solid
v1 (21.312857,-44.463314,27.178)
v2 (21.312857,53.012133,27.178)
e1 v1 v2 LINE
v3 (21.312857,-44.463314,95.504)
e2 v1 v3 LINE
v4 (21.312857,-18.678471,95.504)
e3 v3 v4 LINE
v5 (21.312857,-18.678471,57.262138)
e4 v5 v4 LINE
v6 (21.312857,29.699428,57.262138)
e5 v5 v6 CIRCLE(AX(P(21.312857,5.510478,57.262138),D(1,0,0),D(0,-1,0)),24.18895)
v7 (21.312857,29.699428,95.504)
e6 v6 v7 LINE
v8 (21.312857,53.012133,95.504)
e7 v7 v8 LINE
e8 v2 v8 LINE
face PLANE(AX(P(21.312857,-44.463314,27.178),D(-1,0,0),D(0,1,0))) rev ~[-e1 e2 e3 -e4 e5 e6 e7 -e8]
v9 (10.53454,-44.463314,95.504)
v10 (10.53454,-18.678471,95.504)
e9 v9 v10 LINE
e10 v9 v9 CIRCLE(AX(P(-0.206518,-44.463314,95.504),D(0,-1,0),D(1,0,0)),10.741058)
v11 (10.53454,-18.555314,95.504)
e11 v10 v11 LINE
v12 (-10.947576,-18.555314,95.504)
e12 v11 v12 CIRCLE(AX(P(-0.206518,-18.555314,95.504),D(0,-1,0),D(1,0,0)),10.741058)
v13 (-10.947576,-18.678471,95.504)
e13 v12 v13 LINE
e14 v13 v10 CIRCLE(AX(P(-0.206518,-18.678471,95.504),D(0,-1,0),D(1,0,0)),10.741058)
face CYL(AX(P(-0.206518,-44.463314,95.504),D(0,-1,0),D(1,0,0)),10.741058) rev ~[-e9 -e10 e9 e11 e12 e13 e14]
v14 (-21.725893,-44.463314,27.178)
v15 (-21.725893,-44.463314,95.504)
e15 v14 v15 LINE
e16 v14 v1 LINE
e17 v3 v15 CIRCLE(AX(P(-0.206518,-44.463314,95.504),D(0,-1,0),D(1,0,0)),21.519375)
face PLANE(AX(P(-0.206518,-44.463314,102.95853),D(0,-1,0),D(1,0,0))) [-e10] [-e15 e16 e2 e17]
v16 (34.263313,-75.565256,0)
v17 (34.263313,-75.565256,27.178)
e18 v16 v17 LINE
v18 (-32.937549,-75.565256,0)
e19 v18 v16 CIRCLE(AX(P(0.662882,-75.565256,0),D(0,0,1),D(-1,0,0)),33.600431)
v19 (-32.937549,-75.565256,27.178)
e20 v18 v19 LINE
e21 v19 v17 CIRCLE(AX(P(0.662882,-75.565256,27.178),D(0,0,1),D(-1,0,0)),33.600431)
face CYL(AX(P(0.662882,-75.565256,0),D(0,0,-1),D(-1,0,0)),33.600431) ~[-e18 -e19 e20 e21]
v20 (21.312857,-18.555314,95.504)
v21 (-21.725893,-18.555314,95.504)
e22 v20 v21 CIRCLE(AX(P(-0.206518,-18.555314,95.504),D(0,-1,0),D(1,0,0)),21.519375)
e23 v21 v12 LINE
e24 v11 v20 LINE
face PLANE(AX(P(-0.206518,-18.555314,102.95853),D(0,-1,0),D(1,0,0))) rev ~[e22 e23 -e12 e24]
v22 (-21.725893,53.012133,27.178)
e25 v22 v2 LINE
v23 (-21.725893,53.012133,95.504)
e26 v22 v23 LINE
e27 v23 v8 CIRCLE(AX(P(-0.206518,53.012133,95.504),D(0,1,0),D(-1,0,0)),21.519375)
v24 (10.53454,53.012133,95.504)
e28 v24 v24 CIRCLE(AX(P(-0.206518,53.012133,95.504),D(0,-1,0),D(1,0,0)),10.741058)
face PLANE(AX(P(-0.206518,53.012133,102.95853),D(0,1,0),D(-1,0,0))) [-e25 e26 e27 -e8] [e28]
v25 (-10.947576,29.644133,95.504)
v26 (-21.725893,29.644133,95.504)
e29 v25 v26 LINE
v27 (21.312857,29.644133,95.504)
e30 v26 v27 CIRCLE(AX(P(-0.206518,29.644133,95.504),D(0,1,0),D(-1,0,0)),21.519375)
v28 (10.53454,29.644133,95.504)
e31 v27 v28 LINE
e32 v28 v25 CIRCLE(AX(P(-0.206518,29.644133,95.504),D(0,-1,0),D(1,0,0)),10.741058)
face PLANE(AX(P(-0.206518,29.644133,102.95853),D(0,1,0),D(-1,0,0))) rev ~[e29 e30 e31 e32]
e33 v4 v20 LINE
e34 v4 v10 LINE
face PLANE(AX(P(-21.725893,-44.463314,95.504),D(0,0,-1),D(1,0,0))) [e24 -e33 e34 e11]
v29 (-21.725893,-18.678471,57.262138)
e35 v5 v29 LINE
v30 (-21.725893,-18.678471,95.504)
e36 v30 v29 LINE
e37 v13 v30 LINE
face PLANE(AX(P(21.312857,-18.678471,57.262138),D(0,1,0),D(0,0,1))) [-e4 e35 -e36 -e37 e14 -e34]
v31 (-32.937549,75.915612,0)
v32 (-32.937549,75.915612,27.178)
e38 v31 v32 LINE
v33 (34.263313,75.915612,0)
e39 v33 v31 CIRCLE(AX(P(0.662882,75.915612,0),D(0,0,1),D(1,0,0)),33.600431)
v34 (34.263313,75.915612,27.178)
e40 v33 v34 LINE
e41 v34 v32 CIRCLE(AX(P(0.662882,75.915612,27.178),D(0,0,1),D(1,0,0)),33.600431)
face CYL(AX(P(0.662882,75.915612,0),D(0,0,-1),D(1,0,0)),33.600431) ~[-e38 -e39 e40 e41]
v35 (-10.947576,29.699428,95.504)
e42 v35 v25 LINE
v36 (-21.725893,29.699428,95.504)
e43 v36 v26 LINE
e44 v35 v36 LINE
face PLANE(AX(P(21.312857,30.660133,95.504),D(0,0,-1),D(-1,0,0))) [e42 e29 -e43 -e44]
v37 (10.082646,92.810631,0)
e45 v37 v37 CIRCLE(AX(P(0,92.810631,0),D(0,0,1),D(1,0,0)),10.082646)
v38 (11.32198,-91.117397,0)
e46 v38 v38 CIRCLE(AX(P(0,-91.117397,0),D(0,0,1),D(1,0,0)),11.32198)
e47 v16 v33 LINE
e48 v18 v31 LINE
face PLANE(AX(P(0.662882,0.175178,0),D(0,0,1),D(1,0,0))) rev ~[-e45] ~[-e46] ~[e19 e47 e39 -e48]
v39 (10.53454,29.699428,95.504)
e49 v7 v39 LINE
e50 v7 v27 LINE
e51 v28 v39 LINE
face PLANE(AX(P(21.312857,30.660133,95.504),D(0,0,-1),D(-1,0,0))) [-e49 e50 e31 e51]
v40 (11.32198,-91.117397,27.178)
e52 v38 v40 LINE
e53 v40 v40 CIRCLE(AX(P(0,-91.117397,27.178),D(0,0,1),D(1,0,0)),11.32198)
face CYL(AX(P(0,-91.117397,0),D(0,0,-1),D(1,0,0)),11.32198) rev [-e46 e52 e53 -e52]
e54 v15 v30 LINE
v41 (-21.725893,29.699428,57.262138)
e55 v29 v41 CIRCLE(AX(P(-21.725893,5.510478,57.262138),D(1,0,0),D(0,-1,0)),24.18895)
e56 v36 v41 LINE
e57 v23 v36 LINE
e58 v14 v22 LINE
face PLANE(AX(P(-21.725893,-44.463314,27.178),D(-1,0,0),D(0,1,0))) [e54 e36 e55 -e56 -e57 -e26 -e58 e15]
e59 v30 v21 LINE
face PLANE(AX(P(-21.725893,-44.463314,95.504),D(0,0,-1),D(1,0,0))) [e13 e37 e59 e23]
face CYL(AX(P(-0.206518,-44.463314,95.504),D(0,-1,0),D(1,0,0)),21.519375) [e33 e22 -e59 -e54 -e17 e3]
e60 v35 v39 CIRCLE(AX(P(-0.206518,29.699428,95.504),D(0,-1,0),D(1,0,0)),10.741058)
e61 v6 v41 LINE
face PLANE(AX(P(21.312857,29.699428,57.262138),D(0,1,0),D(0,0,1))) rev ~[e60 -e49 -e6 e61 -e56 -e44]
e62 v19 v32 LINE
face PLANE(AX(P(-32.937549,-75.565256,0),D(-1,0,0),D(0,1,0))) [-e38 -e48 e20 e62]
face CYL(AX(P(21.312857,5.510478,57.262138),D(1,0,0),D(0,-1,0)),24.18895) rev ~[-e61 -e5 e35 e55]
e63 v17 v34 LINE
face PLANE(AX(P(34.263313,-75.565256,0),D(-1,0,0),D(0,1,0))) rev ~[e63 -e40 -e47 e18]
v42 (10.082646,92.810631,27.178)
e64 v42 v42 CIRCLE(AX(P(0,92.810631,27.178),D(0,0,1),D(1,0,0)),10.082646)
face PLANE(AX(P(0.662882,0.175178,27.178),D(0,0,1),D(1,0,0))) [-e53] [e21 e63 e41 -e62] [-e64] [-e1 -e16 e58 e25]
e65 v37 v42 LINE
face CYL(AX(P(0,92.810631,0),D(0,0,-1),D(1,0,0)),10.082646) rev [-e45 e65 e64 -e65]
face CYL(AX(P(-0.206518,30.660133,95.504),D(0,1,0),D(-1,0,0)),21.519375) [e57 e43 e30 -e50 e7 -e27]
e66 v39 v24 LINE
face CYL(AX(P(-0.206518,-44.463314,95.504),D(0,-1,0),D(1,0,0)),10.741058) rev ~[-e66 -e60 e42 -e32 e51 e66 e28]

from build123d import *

# Parameters (mm, degrees)
F0_W      = 67.2008618712
F0_H      = 151.4808684587
F0_R      = 10.082645717
F0_R_2    = 11.3219801377
F1_DEPTH  = 27.178
F2_W      = 43.0387500674
F2_H      = 97.4754467607
F3_DEPTH  = 68.326
F4_W      = 48.377899453
F4_H      = 38.2418624678
F5_DEPTH  = 120.904
F7_DEPTH  = 22.352
F8_DEPTH  = 1.016
F10_DEPTH = 25.908
F11_R     = 10.7410584699
F12_DEPTH = 138.938


with BuildPart() as f1:
    # F0 (on Top) → F1 (new body)
    with BuildSketch(Plane.XY):
        with Locations((0.662881881, 0.175178051)):
            Rectangle(F0_W, F0_H)
        with BuildLine():
            ThreePointArc((34.2633128166, 75.9156122804), (0.662881881, 109.516043216), (-32.9375490546, 75.9156122804))
            Line((-32.9375490546, 75.9156122804), (34.2633128166, 75.9156122804))
        make_face()
        with Locations((0, 92.8106307983)):
            Circle(F0_R, mode=Mode.SUBTRACT)
        with BuildLine():
            Line((34.2633128166, -75.5652561784), (-32.9375490546, -75.5652561784))
            ThreePointArc((-32.9375490546, -75.5652561784), (0.662881881, -109.165687114), (34.2633128166, -75.5652561784))
        make_face()
        with Locations((0, -91.1173969507)):
            Circle(F0_R_2, mode=Mode.SUBTRACT)
    extrude(amount=F1_DEPTH)

    # F2 (on face) → F3 (join)
    with BuildSketch(Plane.XY.offset(27.178)):
        with Locations((-0.206517987, 4.2744092643)):
            Rectangle(F2_W, F2_H)
    extrude(amount=F3_DEPTH)

    # F4 (on face) → F5 (cut)
    with BuildSketch(Plane.YZ.offset(21.3128570467)):
        with Locations((5.5104782805, 76.3830687661)):
            Rectangle(F4_W, F4_H)
        with BuildLine():
            Line((29.699428007, 57.2621375322), (-18.678471446, 57.2621375322))
            ThreePointArc((-18.678471446, 57.2621375322), (5.5104782805, 33.0731878057), (29.699428007, 57.2621375322))
        make_face()
    extrude(amount=-F5_DEPTH, mode=Mode.SUBTRACT)

    # F6 (on face) → F7 (join)
    with BuildSketch(Plane(origin=(0, 53.0121326447, 0), x_dir=(-1, 0, 0), z_dir=(0, 1, 0))):
        with BuildLine():
            Line((-21.3128570467, 95.504), (21.7258930206, 95.504))
            ThreePointArc((21.7258930206, 95.504), (0.206517987, 117.0233750337), (-21.3128570467, 95.504))
        make_face()
    extrude(amount=-F7_DEPTH)

    # F8 (add): a face of the model
    f8_faces = [f1.faces().sort_by_distance(p)[0] for p in [
        (-0.206517987, 30.6601326447, 104.6371064236),
    ]]
    extrude(f8_faces, amount=F8_DEPTH)

    # F9 (on face) → F10 (join)
    with BuildSketch(Plane.XZ.offset(44.463314116)):
        with BuildLine():
            Line((-21.7258930206, 95.504), (21.3128570467, 95.504))
            ThreePointArc((21.3128570467, 95.504), (-0.206517987, 117.0233750337), (-21.7258930206, 95.504))
        make_face()
    extrude(amount=-F10_DEPTH)

    # F11 (on face) → F12 (cut)
    with BuildSketch(Plane.XZ.offset(44.463314116)):
        with Locations((-0.206517987, 95.504)):
            Circle(F11_R)
    extrude(amount=-F12_DEPTH, mode=Mode.SUBTRACT)


solid = f1.part
